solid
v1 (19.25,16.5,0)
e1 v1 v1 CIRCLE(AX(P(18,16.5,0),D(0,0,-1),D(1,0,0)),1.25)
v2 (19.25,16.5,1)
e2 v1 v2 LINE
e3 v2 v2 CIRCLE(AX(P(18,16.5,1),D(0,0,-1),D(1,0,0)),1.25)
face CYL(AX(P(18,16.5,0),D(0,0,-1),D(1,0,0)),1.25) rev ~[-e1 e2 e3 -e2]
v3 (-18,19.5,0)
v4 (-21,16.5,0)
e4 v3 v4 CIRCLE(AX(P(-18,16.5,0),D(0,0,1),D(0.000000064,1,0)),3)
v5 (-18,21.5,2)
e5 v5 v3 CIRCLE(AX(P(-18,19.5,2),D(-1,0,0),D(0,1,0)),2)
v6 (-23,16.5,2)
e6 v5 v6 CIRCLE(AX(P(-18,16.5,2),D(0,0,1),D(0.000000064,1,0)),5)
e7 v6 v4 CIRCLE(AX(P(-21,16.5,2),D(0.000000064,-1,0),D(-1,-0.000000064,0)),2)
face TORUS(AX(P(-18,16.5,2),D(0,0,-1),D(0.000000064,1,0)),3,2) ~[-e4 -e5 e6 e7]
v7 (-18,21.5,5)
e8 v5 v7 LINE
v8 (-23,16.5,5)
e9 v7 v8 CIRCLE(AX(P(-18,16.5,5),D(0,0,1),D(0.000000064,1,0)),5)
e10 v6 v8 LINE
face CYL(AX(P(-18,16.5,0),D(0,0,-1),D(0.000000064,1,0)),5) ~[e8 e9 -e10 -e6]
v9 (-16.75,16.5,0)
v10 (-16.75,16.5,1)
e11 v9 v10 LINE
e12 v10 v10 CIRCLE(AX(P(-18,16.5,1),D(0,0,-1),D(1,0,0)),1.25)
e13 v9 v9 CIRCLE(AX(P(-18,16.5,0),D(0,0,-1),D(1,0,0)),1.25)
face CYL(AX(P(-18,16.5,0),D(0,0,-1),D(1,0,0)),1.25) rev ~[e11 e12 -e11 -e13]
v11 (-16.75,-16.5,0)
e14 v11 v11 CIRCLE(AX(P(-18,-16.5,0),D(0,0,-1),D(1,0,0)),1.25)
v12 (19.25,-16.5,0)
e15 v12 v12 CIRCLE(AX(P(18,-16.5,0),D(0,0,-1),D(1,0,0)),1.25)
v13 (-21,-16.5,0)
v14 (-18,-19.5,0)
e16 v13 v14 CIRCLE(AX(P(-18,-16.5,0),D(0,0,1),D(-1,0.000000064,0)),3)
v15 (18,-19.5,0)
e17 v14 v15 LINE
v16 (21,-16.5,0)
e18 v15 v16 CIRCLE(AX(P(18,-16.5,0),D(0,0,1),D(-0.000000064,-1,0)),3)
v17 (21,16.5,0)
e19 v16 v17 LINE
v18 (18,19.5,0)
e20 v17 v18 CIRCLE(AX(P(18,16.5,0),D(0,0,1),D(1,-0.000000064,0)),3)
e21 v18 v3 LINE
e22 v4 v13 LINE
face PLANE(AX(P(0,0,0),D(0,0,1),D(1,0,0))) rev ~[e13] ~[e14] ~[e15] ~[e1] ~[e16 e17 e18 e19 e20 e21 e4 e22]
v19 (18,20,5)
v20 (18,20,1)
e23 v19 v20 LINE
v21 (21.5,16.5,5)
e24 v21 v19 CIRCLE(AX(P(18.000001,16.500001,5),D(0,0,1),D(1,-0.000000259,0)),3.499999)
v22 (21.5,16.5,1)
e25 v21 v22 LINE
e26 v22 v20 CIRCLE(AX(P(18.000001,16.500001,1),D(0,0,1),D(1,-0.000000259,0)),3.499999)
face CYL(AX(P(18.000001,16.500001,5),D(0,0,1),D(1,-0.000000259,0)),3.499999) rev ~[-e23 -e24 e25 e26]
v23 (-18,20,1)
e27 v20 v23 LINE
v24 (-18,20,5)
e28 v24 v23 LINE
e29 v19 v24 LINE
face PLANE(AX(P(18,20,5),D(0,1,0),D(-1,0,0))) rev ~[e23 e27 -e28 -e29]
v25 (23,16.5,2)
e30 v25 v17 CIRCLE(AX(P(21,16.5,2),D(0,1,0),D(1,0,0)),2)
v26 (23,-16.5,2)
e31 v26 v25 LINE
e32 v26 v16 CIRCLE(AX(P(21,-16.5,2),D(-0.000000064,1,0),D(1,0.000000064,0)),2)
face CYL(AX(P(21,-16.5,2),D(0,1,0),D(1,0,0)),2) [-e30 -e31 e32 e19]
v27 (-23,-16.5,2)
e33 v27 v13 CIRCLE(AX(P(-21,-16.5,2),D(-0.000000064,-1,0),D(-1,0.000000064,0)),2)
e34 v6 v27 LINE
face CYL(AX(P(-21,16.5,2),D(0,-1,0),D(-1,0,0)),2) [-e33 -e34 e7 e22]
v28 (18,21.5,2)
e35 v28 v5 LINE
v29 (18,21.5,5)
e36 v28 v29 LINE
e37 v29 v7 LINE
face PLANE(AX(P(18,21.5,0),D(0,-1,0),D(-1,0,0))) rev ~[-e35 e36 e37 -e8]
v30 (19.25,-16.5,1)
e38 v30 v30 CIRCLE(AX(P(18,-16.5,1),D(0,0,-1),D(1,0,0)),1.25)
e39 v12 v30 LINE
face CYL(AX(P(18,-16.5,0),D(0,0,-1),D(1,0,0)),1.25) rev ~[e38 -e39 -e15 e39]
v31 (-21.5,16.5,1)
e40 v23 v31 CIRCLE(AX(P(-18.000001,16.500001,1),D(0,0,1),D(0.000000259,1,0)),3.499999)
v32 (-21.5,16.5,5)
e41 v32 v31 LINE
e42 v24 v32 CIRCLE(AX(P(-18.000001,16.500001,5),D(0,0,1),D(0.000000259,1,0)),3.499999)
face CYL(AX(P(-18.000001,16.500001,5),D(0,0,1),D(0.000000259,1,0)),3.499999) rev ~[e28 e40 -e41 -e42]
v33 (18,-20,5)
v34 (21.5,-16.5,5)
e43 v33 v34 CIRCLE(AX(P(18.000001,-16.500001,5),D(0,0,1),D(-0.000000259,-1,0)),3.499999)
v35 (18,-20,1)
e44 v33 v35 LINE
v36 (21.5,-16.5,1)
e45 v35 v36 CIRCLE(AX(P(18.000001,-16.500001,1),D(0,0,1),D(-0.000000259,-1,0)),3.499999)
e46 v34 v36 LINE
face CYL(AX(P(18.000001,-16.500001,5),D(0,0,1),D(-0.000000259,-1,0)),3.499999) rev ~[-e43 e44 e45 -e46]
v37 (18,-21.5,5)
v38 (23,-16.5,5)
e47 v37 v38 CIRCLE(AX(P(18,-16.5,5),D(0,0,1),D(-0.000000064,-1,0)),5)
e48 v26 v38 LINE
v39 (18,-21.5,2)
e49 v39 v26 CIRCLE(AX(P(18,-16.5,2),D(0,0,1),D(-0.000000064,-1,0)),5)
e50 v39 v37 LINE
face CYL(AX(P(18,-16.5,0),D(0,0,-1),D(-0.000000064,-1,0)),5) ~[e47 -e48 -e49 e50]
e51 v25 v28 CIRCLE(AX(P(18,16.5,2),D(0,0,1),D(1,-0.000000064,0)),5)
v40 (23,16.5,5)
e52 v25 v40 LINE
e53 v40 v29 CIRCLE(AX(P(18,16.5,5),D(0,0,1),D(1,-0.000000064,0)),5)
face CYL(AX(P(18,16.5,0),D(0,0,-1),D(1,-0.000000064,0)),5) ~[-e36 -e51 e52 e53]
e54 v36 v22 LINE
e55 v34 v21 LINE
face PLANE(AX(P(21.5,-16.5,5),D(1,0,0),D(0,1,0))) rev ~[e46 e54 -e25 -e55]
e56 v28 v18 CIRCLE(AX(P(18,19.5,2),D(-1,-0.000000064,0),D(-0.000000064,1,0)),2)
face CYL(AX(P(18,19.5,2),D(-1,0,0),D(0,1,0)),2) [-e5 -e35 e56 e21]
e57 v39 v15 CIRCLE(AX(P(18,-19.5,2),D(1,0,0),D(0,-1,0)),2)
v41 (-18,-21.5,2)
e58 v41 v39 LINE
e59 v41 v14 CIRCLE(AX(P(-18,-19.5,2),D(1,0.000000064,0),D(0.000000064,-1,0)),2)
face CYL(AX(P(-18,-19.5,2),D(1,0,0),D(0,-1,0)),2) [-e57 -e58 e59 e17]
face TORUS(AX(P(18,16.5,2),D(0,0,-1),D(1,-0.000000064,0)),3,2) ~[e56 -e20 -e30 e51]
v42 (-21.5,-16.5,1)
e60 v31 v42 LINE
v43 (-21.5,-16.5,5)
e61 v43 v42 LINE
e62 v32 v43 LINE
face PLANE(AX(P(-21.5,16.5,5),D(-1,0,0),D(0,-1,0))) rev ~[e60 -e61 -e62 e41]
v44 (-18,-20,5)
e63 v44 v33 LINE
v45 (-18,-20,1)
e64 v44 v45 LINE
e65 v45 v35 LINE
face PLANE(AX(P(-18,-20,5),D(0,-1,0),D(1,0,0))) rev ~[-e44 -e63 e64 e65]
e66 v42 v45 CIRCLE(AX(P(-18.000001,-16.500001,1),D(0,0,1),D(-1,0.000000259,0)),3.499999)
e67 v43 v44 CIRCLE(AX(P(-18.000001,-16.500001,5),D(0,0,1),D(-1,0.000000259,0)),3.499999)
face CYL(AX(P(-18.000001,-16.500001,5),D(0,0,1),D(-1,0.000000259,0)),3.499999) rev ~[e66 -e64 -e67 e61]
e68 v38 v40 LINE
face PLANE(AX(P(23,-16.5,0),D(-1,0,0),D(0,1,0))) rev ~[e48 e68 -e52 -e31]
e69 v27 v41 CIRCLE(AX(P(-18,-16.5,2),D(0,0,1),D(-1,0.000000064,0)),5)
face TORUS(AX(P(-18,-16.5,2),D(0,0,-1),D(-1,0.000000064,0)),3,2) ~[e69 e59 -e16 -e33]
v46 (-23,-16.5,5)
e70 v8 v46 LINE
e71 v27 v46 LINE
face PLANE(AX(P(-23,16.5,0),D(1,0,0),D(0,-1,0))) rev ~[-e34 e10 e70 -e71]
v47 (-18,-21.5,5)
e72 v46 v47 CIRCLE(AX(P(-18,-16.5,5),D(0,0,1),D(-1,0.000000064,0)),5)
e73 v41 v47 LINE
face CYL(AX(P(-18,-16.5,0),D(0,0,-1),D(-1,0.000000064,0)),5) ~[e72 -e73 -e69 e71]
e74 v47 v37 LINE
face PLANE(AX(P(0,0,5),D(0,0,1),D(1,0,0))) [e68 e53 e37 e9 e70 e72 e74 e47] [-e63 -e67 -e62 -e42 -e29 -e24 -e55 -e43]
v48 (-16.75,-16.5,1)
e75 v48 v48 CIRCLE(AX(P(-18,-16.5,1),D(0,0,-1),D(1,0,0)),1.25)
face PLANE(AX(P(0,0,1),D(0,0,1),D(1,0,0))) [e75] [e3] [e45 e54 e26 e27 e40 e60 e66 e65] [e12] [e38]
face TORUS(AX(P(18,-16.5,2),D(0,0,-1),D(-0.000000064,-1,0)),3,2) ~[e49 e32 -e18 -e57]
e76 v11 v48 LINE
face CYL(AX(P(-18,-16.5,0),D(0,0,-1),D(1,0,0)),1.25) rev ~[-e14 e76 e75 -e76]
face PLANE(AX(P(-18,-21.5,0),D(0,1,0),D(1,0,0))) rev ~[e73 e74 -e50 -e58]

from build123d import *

# Parameters (mm, degrees)
F1_DEPTH = 5
F3_DEPTH = 4
F4_R     = 2
F5_R     = 1.25
F6_DEPTH = 5.001


with BuildPart() as f1:
    # F0 (on Top) → F1 (new body)
    with BuildSketch(Plane.XY):
        with BuildLine():
            Line((-18, -21.5), (18, -21.5))
            ThreePointArc((18, -21.5), (21.535534, -20.035534), (23, -16.5))
            Line((23, -16.5), (23, 16.5))
            ThreePointArc((23, 16.5), (21.535534, 20.035534), (18, 21.5))
            Line((18, 21.5), (-18, 21.5))
            ThreePointArc((-18, 21.5), (-21.535534, 20.035534), (-23, 16.5))
            Line((-23, 16.5), (-23, -16.5))
            ThreePointArc((-23, -16.5), (-21.535534, -20.035534), (-18, -21.5))
        make_face()
    extrude(amount=F1_DEPTH)

    # F2 (on face) → F3 (cut)
    with BuildSketch(Plane.XY.offset(5)):
        with BuildLine():
            Line((-18, -20), (18, -20))
            ThreePointArc((18, -20), (20.474874, -18.974874), (21.5, -16.5))
            Line((21.5, -16.5), (21.5, 16.5))
            ThreePointArc((21.5, 16.5), (20.474874, 18.974874), (18, 20))
            Line((18, 20), (-18, 20))
            ThreePointArc((-18, 20), (-20.474874, 18.974874), (-21.5, 16.5))
            Line((-21.5, 16.5), (-21.5, -16.5))
            ThreePointArc((-21.5, -16.5), (-20.474874, -18.974874), (-18, -20))
        make_face()
    extrude(amount=-F3_DEPTH, mode=Mode.SUBTRACT)

    # F4
    f4_edges = [f1.edges().sort_by_distance(p)[0] for p in [
        (-21.535534, -20.035534, 0),
        (0, -21.5, 0),
        (21.535534, -20.035534, 0),
        (23, 0, 0),
        (21.535534, 20.035534, 0),
        (0, 21.5, 0),
        (-21.535534, 20.035534, 0),
        (-23, 0, 0),
    ]]
    fillet(f4_edges, radius=F4_R)

    # F5 (on face) → F6 (cut, through all)
    with BuildSketch(Plane(origin=(0, 0, 0), x_dir=(1, 0, 0), z_dir=(0, 0, -1))):
        with Locations((-18, 16.5)):
            Circle(F5_R)
        with Locations((18, 16.5)):
            Circle(F5_R)
        with Locations((18, -16.5)):
            Circle(F5_R)
        with Locations((-18, -16.5)):
            Circle(F5_R)
    extrude(amount=-F6_DEPTH, mode=Mode.SUBTRACT)


solid = f1.part
